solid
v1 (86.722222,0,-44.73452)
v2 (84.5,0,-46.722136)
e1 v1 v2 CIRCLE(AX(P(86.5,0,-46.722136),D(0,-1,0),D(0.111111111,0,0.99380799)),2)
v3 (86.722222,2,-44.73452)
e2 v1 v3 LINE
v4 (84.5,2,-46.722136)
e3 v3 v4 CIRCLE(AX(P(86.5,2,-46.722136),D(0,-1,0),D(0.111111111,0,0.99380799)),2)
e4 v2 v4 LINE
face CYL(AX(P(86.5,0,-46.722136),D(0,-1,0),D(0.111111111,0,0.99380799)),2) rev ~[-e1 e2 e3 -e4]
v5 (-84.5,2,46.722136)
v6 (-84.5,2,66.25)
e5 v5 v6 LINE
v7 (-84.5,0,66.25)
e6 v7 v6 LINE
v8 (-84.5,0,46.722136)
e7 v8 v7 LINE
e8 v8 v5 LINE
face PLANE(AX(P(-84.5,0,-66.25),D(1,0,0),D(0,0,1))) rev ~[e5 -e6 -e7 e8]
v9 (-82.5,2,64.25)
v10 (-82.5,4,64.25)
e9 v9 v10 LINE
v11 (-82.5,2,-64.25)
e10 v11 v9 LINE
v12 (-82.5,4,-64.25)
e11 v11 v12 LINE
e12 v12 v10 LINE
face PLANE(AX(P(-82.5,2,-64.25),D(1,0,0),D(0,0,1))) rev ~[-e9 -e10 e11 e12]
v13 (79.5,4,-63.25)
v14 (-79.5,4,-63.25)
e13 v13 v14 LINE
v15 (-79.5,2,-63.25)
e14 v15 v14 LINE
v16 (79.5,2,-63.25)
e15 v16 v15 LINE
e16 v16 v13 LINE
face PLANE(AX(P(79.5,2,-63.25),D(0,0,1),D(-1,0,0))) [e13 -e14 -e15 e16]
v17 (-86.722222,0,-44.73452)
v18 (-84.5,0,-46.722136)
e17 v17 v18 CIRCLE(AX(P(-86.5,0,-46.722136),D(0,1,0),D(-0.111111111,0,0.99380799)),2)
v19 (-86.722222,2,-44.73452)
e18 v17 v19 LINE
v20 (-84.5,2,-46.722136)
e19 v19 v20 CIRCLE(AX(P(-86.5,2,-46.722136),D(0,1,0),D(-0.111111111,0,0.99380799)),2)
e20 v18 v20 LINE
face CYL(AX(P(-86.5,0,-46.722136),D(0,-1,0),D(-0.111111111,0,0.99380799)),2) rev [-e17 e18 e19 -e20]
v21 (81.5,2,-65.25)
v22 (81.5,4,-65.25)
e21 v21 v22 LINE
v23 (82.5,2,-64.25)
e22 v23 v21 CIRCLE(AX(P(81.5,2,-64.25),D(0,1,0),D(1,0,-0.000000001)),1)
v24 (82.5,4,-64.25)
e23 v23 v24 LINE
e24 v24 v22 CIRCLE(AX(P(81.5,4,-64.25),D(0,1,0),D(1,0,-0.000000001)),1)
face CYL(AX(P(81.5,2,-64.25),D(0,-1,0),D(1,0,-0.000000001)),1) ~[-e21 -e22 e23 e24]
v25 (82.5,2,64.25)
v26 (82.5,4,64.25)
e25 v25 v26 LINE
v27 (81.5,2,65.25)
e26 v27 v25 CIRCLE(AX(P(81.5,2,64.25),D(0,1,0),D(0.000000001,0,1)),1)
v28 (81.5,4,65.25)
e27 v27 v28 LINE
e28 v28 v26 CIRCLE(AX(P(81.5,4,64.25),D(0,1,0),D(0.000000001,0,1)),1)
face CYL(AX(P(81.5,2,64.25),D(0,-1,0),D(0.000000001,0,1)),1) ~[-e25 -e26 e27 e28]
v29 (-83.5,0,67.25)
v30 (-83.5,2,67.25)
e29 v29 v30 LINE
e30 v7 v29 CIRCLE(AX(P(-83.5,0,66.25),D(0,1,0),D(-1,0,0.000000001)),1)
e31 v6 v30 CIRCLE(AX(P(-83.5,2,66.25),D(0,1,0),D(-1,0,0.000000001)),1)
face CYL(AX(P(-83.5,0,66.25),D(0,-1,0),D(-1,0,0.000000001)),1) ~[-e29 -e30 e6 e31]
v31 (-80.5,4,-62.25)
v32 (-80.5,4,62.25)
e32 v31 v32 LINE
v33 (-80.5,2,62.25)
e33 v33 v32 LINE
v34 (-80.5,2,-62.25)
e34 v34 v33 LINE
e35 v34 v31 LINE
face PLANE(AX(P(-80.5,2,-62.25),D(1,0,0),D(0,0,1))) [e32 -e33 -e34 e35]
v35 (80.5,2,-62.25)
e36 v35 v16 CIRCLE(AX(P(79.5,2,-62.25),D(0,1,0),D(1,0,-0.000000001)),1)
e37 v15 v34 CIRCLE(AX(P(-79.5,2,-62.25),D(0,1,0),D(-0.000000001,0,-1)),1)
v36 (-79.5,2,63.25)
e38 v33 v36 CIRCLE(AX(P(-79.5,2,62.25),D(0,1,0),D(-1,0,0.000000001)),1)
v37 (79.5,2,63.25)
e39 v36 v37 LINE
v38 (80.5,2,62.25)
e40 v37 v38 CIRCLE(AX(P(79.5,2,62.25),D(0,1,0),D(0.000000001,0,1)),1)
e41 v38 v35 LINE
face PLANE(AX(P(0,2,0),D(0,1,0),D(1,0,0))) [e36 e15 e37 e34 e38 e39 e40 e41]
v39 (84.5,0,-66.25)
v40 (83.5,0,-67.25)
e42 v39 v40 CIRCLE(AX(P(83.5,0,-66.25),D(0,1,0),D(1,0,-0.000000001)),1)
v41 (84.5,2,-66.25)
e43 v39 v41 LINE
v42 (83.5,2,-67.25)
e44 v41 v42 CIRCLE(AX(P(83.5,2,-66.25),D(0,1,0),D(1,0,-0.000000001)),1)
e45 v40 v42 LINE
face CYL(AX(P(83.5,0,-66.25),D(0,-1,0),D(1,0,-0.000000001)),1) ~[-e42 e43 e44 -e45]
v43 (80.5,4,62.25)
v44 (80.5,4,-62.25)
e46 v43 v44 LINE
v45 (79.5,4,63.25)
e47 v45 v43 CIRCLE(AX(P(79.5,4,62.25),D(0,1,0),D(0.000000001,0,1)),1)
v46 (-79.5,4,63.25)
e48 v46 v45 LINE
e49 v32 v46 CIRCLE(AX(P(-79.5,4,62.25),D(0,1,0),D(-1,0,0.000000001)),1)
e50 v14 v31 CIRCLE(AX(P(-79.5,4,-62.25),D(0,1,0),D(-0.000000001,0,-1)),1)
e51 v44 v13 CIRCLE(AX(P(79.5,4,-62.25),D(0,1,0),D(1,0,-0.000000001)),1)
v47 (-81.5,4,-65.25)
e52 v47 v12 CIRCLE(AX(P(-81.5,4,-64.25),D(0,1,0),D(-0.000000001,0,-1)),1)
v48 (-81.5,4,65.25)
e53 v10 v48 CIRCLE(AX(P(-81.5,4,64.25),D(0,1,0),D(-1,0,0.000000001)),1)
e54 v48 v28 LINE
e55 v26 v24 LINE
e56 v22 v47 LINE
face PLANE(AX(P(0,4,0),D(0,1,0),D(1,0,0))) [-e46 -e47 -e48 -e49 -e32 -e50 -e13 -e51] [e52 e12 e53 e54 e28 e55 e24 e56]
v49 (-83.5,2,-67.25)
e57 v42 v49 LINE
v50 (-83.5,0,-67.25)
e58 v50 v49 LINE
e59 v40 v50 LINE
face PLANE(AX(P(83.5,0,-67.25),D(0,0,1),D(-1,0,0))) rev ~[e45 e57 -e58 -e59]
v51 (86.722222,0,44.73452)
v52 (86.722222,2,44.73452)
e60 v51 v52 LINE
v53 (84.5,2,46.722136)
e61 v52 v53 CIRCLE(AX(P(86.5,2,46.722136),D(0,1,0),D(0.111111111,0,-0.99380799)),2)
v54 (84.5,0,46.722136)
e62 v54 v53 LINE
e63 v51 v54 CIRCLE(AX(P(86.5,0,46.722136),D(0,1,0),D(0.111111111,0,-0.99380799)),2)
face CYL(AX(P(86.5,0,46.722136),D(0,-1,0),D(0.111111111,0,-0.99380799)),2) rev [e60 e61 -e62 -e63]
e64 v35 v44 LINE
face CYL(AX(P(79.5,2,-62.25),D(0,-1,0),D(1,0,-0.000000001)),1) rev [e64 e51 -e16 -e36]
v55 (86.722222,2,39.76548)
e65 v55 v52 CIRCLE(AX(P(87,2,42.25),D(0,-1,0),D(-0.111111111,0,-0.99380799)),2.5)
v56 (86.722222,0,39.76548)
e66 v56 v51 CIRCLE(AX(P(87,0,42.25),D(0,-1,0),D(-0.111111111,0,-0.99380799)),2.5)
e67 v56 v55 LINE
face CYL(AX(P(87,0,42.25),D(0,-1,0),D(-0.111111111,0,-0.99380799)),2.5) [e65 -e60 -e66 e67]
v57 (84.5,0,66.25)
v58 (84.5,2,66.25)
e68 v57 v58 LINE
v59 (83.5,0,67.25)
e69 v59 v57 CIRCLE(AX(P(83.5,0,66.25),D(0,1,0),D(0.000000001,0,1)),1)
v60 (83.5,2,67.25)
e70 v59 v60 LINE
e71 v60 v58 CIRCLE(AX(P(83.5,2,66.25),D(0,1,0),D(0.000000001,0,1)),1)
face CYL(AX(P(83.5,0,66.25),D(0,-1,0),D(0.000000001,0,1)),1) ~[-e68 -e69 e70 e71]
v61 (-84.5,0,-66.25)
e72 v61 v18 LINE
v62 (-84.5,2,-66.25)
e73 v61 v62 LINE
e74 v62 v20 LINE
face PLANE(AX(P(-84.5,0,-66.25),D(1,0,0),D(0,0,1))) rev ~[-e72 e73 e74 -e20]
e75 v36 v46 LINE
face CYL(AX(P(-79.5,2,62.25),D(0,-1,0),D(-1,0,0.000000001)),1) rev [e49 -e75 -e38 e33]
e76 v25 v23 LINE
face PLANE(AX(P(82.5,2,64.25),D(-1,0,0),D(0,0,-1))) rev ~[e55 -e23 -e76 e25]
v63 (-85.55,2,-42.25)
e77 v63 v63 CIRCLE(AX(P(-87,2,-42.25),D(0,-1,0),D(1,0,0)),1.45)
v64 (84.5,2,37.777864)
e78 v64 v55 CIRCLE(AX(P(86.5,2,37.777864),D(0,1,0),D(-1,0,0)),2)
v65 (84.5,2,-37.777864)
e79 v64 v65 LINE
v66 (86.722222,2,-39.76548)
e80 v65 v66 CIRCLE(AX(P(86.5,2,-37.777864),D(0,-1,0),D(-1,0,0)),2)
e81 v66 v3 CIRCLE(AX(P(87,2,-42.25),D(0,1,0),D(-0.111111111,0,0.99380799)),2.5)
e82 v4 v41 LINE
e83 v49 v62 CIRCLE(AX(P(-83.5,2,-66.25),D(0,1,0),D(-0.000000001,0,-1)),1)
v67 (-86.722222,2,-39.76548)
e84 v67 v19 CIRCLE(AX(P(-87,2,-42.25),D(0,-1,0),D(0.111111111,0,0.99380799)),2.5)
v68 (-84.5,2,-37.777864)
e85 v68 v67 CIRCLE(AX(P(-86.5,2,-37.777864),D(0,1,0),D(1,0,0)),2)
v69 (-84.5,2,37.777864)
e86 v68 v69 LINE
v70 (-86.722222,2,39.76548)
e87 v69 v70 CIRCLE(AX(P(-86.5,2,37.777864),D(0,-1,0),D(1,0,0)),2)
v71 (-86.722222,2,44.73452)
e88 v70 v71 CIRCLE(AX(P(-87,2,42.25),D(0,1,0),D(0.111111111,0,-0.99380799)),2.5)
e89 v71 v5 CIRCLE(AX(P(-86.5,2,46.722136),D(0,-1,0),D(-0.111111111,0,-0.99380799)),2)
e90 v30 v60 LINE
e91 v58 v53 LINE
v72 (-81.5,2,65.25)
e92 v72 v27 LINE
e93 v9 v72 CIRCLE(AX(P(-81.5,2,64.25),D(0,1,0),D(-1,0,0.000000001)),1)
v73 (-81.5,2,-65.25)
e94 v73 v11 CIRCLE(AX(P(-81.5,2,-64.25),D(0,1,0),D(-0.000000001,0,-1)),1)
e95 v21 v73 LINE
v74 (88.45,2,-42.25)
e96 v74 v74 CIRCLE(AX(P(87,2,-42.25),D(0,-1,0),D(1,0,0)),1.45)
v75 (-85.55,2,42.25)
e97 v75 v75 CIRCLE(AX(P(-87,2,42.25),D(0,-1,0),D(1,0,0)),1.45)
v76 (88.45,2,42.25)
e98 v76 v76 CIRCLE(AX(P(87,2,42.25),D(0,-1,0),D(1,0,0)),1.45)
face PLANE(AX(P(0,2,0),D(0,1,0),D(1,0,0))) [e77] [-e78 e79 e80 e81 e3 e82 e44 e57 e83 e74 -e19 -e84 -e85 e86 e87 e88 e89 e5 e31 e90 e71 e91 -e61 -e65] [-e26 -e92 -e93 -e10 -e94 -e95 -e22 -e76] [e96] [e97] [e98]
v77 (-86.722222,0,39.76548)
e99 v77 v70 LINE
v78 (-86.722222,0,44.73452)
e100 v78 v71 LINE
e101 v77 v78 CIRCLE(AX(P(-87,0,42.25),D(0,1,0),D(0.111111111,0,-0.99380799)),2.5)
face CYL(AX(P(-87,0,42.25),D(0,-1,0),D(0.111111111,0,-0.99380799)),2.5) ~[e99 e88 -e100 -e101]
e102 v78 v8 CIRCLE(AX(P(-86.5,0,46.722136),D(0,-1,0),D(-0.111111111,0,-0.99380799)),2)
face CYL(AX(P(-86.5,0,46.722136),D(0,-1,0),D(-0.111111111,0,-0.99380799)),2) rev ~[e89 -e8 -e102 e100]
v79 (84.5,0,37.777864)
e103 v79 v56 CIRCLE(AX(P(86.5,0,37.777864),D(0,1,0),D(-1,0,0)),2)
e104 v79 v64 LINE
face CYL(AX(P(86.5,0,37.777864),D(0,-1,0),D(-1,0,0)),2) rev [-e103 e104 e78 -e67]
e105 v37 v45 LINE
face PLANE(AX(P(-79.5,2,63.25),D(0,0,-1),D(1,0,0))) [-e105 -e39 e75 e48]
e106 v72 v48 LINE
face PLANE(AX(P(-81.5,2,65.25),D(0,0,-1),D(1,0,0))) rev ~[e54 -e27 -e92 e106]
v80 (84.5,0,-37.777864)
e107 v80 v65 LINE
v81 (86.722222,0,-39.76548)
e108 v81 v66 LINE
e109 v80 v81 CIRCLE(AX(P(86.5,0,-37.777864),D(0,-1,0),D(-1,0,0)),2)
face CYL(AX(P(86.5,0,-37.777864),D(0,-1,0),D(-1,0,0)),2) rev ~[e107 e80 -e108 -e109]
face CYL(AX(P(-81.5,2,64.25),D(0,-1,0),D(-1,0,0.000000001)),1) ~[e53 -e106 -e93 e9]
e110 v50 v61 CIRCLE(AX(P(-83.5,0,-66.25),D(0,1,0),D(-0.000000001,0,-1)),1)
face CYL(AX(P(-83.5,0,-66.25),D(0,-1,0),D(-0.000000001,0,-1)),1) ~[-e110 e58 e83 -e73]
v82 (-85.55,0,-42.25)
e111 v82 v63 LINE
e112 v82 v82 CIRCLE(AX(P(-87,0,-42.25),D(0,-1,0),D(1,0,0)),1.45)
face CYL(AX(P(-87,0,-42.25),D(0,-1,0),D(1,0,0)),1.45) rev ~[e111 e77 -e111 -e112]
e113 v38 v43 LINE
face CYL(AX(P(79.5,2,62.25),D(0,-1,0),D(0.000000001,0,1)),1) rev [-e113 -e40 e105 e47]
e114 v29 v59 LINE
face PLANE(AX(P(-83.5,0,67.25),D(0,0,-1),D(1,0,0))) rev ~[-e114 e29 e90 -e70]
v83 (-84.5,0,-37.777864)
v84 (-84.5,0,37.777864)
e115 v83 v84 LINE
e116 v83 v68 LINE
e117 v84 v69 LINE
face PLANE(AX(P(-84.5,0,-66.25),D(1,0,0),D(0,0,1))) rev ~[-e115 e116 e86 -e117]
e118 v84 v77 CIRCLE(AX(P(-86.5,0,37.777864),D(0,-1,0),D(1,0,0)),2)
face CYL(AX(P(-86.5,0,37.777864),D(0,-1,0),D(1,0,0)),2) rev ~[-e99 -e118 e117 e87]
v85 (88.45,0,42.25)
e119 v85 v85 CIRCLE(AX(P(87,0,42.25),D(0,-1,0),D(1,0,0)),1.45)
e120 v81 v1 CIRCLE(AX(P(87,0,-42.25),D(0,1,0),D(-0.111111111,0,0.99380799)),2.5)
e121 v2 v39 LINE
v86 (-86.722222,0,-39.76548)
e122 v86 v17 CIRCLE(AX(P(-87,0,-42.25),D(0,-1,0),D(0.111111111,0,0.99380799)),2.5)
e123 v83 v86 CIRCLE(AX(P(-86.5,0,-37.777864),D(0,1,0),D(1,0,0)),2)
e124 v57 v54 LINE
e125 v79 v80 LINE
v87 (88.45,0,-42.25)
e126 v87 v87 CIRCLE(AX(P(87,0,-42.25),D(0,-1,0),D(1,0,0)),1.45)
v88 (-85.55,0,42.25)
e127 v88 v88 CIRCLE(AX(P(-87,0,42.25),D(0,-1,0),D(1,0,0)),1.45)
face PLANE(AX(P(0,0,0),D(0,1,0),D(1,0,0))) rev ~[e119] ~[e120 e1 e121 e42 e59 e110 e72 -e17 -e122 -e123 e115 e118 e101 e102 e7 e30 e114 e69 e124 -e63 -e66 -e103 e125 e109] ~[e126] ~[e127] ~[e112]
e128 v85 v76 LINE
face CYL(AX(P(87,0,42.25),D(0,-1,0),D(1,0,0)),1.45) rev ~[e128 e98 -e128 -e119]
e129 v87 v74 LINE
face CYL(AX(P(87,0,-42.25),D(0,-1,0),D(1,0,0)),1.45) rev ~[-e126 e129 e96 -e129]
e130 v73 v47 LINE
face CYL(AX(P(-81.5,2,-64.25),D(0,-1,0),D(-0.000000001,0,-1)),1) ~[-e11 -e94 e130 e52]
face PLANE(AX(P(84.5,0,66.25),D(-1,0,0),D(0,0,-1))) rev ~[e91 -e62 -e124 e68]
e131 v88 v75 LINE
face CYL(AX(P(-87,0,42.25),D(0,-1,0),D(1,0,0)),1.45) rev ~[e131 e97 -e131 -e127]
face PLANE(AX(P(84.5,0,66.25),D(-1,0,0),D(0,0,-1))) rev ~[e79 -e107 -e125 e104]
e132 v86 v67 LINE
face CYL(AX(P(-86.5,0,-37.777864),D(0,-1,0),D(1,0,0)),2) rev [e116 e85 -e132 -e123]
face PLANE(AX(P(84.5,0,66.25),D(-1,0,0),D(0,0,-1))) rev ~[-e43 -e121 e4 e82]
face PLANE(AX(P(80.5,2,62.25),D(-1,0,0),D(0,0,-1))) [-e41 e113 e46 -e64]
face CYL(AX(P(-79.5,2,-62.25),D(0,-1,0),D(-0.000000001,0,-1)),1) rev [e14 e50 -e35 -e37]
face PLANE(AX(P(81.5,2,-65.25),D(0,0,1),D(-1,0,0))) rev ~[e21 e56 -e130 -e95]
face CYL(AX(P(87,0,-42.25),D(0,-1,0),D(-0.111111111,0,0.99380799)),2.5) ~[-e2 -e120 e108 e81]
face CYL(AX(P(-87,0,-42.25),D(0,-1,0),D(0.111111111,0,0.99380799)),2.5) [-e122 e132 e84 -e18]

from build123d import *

# Parameters (mm, degrees)
EXTRUDE_1_DEPTH = 2
EXTRUDE_2_DEPTH = 2
SKETCH_3_R      = 1.45
EXTRUDE_5_DEPTH = 2


with BuildPart() as part:
    # 草图1 → 凸台-拉伸1 (new body)
    with BuildSketch(Plane(origin=(0, 0, 0), x_dir=(1, 0, 0), z_dir=(0, 1, 0))):
        with BuildLine():
            Line((-83.5, -67.25), (83.5, -67.25))
            ThreePointArc((83.5, -67.25), (84.207106781, -66.957106781), (84.5, -66.25))
            Line((84.5, -66.25), (84.5, 66.25))
            ThreePointArc((84.5, 66.25), (84.207106781, 66.957106781), (83.5, 67.25))
            Line((83.5, 67.25), (-83.5, 67.25))
            ThreePointArc((-83.5, 67.25), (-84.207106781, 66.957106781), (-84.5, 66.25))
            Line((-84.5, 66.25), (-84.5, -66.25))
            ThreePointArc((-84.5, -66.25), (-84.207106781, -66.957106781), (-83.5, -67.25))
        make_face()
    extrude(amount=EXTRUDE_1_DEPTH)

    # 草图2 → 凸台-拉伸2 (add)
    with BuildSketch(Plane(origin=(0, 2, 0), x_dir=(1, 0, 0), z_dir=(0, 1, 0))):
        with BuildLine():
            Line((-81.5, -65.25), (81.5, -65.25))
            ThreePointArc((81.5, -65.25), (82.207106781, -64.957106781), (82.5, -64.25))
            Line((82.5, -64.25), (82.5, 64.25))
            ThreePointArc((82.5, 64.25), (82.207106781, 64.957106781), (81.5, 65.25))
            Line((81.5, 65.25), (-81.5, 65.25))
            ThreePointArc((-81.5, 65.25), (-82.207106781, 64.957106781), (-82.5, 64.25))
            Line((-82.5, 64.25), (-82.5, -64.25))
            ThreePointArc((-82.5, -64.25), (-82.207106781, -64.957106781), (-81.5, -65.25))
        make_face()
        with BuildLine():
            Line((79.5, 63.25), (-79.5, 63.25))
            ThreePointArc((-79.5, 63.25), (-80.207106781, 62.957106781), (-80.5, 62.25))
            Line((-80.5, 62.25), (-80.5, -62.25))
            ThreePointArc((-80.5, -62.25), (-80.207106781, -62.957106781), (-79.5, -63.25))
            Line((-79.5, -63.25), (79.5, -63.25))
            ThreePointArc((79.5, -63.25), (80.207106781, -62.957106781), (80.5, -62.25))
            Line((80.5, -62.25), (80.5, 62.25))
            ThreePointArc((80.5, 62.25), (80.207106781, 62.957106781), (79.5, 63.25))
        make_face(mode=Mode.SUBTRACT)
    extrude(amount=EXTRUDE_2_DEPTH)

    # 草图3 → 凸台-拉伸5 (add)
    with BuildSketch(Plane.XZ):
        with BuildLine():
            Line((-84.5, 46.722135955), (-84.5, 37.777864045))
            ThreePointArc((-84.5, 37.777864045), (-85.166666667, 39.26857603), (-86.722222222, 39.765480025))
            ThreePointArc((-86.722222222, 39.765480025), (-89.5, 42.25), (-86.722222222, 44.734519975))
            ThreePointArc((-86.722222222, 44.734519975), (-85.166666667, 45.23142397), (-84.5, 46.722135955))
        make_face()
        with Locations((-87, 42.25)):
            Circle(SKETCH_3_R, mode=Mode.SUBTRACT)
        with BuildLine():
            Line((84.5, 46.722135955), (84.5, 37.777864045))
            ThreePointArc((84.5, 37.777864045), (85.166666667, 39.26857603), (86.722222222, 39.765480025))
            ThreePointArc((86.722222222, 39.765480025), (89.5, 42.25), (86.722222222, 44.734519975))
            ThreePointArc((86.722222222, 44.734519975), (85.166666667, 45.23142397), (84.5, 46.722135955))
        make_face()
        with Locations((87, 42.25)):
            Circle(SKETCH_3_R, mode=Mode.SUBTRACT)
        with BuildLine():
            Line((84.5, -46.722135955), (84.5, -37.777864045))
            ThreePointArc((84.5, -37.777864045), (85.166666667, -39.26857603), (86.722222222, -39.765480025))
            ThreePointArc((86.722222222, -39.765480025), (89.5, -42.25), (86.722222222, -44.734519975))
            ThreePointArc((86.722222222, -44.734519975), (85.166666667, -45.23142397), (84.5, -46.722135955))
        make_face()
        with Locations((87, -42.25)):
            Circle(SKETCH_3_R, mode=Mode.SUBTRACT)
        with BuildLine():
            Line((-84.5, -46.722135955), (-84.5, -37.777864045))
            ThreePointArc((-84.5, -37.777864045), (-85.166666667, -39.26857603), (-86.722222222, -39.765480025))
            ThreePointArc((-86.722222222, -39.765480025), (-89.5, -42.25), (-86.722222222, -44.734519975))
            ThreePointArc((-86.722222222, -44.734519975), (-85.166666667, -45.23142397), (-84.5, -46.722135955))
        make_face()
        with Locations((-87, -42.25)):
            Circle(SKETCH_3_R, mode=Mode.SUBTRACT)
    extrude(amount=-EXTRUDE_5_DEPTH)


solid = part.part
